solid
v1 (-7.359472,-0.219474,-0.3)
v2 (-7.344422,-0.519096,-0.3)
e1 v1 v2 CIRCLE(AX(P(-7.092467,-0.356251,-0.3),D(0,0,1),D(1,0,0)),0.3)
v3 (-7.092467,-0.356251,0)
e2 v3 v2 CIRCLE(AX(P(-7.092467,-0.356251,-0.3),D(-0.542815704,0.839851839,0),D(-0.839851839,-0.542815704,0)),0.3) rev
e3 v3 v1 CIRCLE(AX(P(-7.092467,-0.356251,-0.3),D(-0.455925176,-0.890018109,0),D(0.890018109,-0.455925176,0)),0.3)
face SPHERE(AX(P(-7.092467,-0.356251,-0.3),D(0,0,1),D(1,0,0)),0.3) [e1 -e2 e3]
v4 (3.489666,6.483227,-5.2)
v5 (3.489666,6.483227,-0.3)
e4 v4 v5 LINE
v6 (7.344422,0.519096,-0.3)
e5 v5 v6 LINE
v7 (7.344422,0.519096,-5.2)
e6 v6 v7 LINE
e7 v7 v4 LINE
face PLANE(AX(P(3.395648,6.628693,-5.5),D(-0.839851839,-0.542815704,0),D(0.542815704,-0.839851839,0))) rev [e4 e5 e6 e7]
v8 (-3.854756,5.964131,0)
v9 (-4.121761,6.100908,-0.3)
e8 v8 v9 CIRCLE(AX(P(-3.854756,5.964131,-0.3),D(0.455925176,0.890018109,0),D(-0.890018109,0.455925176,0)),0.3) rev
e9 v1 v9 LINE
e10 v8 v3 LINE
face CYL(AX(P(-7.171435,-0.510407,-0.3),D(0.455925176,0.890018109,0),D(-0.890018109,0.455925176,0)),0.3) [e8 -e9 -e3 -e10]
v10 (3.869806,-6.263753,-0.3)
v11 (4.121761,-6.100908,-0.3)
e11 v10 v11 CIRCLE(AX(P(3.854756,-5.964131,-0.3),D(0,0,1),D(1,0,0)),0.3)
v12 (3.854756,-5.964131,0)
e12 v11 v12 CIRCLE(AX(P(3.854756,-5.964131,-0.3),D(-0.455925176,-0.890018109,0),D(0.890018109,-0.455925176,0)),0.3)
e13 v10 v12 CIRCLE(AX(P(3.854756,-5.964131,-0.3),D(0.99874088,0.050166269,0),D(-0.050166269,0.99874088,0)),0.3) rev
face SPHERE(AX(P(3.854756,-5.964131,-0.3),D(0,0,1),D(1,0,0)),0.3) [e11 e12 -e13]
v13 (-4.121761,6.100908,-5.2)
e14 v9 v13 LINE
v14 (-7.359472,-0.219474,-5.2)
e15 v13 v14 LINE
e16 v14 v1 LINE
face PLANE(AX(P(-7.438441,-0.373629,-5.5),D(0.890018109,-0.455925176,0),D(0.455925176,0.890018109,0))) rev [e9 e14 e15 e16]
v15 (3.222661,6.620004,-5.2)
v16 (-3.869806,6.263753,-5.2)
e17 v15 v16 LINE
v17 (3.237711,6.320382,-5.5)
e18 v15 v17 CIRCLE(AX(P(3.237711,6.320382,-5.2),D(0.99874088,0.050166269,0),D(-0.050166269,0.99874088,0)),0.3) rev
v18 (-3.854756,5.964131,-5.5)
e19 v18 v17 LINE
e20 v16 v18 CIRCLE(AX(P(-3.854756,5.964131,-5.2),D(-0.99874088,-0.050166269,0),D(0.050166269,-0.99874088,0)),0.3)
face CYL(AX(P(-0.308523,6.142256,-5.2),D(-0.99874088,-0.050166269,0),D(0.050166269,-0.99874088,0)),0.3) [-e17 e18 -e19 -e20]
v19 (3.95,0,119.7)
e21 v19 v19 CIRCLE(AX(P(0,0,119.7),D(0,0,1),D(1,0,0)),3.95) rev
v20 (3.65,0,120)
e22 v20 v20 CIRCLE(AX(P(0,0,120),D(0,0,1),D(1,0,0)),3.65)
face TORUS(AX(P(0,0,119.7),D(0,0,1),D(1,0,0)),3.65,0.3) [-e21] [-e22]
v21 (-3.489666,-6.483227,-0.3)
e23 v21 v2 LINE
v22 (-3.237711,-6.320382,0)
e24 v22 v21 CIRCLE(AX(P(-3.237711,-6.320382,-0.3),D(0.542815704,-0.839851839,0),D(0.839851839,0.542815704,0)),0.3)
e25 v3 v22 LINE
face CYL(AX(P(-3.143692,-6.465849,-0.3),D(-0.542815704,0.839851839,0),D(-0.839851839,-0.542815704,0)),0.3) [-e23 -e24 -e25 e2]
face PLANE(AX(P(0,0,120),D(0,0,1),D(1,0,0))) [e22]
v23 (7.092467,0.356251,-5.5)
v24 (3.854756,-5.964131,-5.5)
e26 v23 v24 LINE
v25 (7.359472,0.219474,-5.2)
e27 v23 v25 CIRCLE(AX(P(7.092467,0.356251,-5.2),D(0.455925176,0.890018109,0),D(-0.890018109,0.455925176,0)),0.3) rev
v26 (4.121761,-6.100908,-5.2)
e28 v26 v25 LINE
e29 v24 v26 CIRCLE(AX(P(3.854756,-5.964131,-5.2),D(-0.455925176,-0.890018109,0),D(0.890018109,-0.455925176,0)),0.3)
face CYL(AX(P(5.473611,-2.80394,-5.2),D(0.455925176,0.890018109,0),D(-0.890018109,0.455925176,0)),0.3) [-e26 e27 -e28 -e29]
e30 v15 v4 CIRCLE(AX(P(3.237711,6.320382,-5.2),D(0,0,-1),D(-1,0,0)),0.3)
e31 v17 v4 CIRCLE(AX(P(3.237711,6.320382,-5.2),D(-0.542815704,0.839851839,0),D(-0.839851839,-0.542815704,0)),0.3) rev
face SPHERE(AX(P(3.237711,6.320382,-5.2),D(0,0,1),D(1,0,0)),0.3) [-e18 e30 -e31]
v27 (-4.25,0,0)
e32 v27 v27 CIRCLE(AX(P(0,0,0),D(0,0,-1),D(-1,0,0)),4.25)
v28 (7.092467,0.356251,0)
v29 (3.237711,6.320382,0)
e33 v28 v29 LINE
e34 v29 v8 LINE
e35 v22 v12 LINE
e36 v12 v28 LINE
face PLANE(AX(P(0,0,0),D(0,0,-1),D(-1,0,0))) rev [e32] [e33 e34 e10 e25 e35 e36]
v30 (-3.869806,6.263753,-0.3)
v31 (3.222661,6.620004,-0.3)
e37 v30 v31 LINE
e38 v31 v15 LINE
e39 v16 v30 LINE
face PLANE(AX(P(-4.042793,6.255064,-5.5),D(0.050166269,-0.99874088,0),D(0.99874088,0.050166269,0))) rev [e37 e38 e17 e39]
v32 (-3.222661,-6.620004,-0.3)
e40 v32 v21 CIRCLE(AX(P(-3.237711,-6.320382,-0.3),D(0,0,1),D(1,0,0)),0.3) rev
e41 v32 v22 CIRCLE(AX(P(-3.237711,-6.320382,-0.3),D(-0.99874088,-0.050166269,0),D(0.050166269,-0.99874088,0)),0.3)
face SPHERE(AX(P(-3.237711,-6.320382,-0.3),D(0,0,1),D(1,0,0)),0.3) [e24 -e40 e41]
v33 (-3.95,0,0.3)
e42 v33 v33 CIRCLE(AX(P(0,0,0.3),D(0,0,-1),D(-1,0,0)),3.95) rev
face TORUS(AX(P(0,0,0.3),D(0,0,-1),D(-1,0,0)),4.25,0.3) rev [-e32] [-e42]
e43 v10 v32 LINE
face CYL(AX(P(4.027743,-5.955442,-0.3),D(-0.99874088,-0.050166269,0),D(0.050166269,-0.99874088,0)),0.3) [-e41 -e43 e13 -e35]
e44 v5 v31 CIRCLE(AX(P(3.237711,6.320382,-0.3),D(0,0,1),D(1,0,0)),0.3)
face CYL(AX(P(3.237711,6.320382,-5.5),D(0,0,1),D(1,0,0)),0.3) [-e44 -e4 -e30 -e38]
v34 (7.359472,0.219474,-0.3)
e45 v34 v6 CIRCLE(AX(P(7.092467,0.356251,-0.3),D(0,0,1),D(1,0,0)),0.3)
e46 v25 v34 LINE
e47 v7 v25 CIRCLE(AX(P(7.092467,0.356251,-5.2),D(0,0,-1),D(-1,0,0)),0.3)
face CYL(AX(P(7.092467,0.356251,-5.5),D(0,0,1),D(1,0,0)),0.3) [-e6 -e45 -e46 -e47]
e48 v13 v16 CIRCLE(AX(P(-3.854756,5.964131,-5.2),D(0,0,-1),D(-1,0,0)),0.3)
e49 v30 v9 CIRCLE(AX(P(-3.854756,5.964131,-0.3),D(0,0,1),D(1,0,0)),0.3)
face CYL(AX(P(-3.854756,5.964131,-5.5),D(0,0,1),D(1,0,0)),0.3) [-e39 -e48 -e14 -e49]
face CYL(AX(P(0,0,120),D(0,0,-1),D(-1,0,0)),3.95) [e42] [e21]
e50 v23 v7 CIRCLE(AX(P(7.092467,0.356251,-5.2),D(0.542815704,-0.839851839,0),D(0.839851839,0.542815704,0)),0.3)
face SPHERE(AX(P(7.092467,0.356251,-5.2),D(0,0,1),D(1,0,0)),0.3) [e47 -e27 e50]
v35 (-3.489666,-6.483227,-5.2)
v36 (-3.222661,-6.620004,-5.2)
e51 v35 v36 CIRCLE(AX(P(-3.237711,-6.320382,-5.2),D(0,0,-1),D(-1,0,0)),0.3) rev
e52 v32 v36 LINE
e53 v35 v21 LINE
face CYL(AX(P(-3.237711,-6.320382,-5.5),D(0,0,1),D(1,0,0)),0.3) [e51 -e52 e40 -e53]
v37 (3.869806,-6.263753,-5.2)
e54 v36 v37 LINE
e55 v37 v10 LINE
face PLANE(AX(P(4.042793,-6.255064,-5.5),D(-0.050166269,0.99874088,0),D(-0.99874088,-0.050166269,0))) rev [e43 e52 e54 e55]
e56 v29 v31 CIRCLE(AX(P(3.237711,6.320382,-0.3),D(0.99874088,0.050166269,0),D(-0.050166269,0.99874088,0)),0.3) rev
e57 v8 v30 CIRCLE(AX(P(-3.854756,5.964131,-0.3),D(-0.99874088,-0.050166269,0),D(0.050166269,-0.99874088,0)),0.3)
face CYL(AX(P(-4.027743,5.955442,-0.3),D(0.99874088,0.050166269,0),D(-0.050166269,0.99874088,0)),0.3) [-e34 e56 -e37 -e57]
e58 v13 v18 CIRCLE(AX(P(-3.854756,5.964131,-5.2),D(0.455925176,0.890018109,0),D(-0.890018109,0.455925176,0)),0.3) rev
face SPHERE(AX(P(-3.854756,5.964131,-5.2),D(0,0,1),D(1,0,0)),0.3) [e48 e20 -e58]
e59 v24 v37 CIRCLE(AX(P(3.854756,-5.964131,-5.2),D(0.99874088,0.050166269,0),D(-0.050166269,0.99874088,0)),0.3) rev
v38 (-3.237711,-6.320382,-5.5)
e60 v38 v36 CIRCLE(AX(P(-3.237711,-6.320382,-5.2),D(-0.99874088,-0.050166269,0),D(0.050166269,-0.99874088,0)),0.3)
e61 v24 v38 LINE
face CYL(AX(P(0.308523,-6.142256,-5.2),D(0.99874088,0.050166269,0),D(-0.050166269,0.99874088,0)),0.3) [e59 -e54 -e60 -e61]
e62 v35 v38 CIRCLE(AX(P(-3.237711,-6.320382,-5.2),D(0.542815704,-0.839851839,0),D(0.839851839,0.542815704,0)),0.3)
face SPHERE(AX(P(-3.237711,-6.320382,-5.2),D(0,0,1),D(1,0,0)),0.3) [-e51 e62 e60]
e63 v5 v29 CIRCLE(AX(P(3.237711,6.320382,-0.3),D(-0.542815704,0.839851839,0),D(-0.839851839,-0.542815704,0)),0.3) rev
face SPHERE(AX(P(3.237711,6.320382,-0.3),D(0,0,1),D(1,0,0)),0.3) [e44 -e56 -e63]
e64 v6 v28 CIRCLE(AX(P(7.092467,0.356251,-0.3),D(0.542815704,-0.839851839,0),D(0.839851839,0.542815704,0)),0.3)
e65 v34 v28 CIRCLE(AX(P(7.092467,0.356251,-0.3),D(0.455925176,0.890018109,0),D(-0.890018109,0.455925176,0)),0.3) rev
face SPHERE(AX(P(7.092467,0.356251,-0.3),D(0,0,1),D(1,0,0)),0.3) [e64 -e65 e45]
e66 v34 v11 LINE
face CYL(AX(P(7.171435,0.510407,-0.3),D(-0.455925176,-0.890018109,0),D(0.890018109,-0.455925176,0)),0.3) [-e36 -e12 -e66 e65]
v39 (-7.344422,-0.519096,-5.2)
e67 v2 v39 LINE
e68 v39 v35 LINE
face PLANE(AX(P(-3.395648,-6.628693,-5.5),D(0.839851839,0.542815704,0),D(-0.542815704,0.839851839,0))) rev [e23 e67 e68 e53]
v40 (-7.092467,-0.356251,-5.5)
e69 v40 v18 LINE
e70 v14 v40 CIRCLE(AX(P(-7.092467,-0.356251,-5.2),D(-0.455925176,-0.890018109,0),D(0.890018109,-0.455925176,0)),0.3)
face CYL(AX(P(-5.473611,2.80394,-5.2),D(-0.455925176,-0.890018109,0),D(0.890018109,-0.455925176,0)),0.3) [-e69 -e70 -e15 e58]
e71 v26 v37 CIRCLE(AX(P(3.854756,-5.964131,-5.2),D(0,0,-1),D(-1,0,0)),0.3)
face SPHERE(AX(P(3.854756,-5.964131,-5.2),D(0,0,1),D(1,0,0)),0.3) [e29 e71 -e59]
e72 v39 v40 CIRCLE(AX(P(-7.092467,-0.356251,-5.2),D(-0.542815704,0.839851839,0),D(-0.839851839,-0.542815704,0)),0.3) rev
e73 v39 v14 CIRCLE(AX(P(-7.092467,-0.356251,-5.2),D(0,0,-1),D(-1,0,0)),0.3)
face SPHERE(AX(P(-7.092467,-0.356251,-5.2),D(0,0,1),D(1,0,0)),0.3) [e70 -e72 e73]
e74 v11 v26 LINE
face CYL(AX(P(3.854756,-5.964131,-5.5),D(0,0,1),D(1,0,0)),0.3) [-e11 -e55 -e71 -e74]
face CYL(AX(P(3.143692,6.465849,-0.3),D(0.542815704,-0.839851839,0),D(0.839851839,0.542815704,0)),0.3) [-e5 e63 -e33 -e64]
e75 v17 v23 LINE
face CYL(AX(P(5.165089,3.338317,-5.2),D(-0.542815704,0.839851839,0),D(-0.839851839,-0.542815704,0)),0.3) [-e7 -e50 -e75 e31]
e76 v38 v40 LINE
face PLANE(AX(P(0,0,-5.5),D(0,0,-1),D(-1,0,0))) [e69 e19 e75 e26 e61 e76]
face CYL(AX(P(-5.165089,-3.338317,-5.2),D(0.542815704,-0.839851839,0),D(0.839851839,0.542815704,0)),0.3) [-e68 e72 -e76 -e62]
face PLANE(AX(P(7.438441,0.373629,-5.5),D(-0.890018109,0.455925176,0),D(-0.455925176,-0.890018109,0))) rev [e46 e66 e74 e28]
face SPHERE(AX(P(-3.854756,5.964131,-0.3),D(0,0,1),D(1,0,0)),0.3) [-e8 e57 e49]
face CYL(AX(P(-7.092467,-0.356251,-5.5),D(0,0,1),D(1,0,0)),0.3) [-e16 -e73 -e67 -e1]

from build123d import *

# Parameters (mm, degrees)
SKETCH_1_R      = 3.95
EXTRUDE_1_DEPTH = 120
EXTRUDE_2_DEPTH = 5.5
FILLET_1_R      = 0.3


with BuildPart() as part:
    # Эскиз1 → Бобышка-Вытянуть1 (new body)
    with BuildSketch(Plane.XY):
        Circle(SKETCH_1_R)
    extrude(amount=EXTRUDE_1_DEPTH)

    # Эскиз2 → Бобышка-Вытянуть2 (add)
    with BuildSketch(Plane(origin=(0, 0, 0), x_dir=(-1, 0, 0), z_dir=(0, 0, -1))):
        Polygon((-7.438440775, 0.373629267), (-4.042792825, -6.255064042), (3.395647951, -6.62869331), (7.438440775, -0.373629267), (4.042792825, 6.255064042), (-3.395647951, 6.62869331), align=None)
    extrude(amount=EXTRUDE_2_DEPTH)

    # Скругление1
    fillet_1_edges = [part.edges().sort_by_distance(p)[0] for p in [
        (-3.95, 0, 120),
        (-3.95, 0, 0),
        (5.417044363, 3.501161289, 0),
        (3.395647951, 6.62869331, -2.75),
        (5.7406168, -2.940717387, 0),
        (7.438440775, 0.373629267, -2.75),
        (0.323572437, -6.441878676, 0),
        (4.042792825, -6.255064042, -2.75),
        (-5.417044363, -3.501161289, 0),
        (-3.395647951, -6.62869331, -2.75),
        (-5.7406168, 2.940717387, 0),
        (-7.438440775, -0.373629267, -2.75),
        (-0.323572437, 6.441878676, 0),
        (-4.042792825, 6.255064042, -2.75),
        (5.417044363, 3.501161289, -5.5),
        (5.7406168, -2.940717387, -5.5),
        (0.323572437, -6.441878676, -5.5),
        (-5.417044363, -3.501161289, -5.5),
        (-5.7406168, 2.940717387, -5.5),
        (-0.323572437, 6.441878676, -5.5),
    ]]
    fillet(fillet_1_edges, radius=FILLET_1_R)


solid = part.part
